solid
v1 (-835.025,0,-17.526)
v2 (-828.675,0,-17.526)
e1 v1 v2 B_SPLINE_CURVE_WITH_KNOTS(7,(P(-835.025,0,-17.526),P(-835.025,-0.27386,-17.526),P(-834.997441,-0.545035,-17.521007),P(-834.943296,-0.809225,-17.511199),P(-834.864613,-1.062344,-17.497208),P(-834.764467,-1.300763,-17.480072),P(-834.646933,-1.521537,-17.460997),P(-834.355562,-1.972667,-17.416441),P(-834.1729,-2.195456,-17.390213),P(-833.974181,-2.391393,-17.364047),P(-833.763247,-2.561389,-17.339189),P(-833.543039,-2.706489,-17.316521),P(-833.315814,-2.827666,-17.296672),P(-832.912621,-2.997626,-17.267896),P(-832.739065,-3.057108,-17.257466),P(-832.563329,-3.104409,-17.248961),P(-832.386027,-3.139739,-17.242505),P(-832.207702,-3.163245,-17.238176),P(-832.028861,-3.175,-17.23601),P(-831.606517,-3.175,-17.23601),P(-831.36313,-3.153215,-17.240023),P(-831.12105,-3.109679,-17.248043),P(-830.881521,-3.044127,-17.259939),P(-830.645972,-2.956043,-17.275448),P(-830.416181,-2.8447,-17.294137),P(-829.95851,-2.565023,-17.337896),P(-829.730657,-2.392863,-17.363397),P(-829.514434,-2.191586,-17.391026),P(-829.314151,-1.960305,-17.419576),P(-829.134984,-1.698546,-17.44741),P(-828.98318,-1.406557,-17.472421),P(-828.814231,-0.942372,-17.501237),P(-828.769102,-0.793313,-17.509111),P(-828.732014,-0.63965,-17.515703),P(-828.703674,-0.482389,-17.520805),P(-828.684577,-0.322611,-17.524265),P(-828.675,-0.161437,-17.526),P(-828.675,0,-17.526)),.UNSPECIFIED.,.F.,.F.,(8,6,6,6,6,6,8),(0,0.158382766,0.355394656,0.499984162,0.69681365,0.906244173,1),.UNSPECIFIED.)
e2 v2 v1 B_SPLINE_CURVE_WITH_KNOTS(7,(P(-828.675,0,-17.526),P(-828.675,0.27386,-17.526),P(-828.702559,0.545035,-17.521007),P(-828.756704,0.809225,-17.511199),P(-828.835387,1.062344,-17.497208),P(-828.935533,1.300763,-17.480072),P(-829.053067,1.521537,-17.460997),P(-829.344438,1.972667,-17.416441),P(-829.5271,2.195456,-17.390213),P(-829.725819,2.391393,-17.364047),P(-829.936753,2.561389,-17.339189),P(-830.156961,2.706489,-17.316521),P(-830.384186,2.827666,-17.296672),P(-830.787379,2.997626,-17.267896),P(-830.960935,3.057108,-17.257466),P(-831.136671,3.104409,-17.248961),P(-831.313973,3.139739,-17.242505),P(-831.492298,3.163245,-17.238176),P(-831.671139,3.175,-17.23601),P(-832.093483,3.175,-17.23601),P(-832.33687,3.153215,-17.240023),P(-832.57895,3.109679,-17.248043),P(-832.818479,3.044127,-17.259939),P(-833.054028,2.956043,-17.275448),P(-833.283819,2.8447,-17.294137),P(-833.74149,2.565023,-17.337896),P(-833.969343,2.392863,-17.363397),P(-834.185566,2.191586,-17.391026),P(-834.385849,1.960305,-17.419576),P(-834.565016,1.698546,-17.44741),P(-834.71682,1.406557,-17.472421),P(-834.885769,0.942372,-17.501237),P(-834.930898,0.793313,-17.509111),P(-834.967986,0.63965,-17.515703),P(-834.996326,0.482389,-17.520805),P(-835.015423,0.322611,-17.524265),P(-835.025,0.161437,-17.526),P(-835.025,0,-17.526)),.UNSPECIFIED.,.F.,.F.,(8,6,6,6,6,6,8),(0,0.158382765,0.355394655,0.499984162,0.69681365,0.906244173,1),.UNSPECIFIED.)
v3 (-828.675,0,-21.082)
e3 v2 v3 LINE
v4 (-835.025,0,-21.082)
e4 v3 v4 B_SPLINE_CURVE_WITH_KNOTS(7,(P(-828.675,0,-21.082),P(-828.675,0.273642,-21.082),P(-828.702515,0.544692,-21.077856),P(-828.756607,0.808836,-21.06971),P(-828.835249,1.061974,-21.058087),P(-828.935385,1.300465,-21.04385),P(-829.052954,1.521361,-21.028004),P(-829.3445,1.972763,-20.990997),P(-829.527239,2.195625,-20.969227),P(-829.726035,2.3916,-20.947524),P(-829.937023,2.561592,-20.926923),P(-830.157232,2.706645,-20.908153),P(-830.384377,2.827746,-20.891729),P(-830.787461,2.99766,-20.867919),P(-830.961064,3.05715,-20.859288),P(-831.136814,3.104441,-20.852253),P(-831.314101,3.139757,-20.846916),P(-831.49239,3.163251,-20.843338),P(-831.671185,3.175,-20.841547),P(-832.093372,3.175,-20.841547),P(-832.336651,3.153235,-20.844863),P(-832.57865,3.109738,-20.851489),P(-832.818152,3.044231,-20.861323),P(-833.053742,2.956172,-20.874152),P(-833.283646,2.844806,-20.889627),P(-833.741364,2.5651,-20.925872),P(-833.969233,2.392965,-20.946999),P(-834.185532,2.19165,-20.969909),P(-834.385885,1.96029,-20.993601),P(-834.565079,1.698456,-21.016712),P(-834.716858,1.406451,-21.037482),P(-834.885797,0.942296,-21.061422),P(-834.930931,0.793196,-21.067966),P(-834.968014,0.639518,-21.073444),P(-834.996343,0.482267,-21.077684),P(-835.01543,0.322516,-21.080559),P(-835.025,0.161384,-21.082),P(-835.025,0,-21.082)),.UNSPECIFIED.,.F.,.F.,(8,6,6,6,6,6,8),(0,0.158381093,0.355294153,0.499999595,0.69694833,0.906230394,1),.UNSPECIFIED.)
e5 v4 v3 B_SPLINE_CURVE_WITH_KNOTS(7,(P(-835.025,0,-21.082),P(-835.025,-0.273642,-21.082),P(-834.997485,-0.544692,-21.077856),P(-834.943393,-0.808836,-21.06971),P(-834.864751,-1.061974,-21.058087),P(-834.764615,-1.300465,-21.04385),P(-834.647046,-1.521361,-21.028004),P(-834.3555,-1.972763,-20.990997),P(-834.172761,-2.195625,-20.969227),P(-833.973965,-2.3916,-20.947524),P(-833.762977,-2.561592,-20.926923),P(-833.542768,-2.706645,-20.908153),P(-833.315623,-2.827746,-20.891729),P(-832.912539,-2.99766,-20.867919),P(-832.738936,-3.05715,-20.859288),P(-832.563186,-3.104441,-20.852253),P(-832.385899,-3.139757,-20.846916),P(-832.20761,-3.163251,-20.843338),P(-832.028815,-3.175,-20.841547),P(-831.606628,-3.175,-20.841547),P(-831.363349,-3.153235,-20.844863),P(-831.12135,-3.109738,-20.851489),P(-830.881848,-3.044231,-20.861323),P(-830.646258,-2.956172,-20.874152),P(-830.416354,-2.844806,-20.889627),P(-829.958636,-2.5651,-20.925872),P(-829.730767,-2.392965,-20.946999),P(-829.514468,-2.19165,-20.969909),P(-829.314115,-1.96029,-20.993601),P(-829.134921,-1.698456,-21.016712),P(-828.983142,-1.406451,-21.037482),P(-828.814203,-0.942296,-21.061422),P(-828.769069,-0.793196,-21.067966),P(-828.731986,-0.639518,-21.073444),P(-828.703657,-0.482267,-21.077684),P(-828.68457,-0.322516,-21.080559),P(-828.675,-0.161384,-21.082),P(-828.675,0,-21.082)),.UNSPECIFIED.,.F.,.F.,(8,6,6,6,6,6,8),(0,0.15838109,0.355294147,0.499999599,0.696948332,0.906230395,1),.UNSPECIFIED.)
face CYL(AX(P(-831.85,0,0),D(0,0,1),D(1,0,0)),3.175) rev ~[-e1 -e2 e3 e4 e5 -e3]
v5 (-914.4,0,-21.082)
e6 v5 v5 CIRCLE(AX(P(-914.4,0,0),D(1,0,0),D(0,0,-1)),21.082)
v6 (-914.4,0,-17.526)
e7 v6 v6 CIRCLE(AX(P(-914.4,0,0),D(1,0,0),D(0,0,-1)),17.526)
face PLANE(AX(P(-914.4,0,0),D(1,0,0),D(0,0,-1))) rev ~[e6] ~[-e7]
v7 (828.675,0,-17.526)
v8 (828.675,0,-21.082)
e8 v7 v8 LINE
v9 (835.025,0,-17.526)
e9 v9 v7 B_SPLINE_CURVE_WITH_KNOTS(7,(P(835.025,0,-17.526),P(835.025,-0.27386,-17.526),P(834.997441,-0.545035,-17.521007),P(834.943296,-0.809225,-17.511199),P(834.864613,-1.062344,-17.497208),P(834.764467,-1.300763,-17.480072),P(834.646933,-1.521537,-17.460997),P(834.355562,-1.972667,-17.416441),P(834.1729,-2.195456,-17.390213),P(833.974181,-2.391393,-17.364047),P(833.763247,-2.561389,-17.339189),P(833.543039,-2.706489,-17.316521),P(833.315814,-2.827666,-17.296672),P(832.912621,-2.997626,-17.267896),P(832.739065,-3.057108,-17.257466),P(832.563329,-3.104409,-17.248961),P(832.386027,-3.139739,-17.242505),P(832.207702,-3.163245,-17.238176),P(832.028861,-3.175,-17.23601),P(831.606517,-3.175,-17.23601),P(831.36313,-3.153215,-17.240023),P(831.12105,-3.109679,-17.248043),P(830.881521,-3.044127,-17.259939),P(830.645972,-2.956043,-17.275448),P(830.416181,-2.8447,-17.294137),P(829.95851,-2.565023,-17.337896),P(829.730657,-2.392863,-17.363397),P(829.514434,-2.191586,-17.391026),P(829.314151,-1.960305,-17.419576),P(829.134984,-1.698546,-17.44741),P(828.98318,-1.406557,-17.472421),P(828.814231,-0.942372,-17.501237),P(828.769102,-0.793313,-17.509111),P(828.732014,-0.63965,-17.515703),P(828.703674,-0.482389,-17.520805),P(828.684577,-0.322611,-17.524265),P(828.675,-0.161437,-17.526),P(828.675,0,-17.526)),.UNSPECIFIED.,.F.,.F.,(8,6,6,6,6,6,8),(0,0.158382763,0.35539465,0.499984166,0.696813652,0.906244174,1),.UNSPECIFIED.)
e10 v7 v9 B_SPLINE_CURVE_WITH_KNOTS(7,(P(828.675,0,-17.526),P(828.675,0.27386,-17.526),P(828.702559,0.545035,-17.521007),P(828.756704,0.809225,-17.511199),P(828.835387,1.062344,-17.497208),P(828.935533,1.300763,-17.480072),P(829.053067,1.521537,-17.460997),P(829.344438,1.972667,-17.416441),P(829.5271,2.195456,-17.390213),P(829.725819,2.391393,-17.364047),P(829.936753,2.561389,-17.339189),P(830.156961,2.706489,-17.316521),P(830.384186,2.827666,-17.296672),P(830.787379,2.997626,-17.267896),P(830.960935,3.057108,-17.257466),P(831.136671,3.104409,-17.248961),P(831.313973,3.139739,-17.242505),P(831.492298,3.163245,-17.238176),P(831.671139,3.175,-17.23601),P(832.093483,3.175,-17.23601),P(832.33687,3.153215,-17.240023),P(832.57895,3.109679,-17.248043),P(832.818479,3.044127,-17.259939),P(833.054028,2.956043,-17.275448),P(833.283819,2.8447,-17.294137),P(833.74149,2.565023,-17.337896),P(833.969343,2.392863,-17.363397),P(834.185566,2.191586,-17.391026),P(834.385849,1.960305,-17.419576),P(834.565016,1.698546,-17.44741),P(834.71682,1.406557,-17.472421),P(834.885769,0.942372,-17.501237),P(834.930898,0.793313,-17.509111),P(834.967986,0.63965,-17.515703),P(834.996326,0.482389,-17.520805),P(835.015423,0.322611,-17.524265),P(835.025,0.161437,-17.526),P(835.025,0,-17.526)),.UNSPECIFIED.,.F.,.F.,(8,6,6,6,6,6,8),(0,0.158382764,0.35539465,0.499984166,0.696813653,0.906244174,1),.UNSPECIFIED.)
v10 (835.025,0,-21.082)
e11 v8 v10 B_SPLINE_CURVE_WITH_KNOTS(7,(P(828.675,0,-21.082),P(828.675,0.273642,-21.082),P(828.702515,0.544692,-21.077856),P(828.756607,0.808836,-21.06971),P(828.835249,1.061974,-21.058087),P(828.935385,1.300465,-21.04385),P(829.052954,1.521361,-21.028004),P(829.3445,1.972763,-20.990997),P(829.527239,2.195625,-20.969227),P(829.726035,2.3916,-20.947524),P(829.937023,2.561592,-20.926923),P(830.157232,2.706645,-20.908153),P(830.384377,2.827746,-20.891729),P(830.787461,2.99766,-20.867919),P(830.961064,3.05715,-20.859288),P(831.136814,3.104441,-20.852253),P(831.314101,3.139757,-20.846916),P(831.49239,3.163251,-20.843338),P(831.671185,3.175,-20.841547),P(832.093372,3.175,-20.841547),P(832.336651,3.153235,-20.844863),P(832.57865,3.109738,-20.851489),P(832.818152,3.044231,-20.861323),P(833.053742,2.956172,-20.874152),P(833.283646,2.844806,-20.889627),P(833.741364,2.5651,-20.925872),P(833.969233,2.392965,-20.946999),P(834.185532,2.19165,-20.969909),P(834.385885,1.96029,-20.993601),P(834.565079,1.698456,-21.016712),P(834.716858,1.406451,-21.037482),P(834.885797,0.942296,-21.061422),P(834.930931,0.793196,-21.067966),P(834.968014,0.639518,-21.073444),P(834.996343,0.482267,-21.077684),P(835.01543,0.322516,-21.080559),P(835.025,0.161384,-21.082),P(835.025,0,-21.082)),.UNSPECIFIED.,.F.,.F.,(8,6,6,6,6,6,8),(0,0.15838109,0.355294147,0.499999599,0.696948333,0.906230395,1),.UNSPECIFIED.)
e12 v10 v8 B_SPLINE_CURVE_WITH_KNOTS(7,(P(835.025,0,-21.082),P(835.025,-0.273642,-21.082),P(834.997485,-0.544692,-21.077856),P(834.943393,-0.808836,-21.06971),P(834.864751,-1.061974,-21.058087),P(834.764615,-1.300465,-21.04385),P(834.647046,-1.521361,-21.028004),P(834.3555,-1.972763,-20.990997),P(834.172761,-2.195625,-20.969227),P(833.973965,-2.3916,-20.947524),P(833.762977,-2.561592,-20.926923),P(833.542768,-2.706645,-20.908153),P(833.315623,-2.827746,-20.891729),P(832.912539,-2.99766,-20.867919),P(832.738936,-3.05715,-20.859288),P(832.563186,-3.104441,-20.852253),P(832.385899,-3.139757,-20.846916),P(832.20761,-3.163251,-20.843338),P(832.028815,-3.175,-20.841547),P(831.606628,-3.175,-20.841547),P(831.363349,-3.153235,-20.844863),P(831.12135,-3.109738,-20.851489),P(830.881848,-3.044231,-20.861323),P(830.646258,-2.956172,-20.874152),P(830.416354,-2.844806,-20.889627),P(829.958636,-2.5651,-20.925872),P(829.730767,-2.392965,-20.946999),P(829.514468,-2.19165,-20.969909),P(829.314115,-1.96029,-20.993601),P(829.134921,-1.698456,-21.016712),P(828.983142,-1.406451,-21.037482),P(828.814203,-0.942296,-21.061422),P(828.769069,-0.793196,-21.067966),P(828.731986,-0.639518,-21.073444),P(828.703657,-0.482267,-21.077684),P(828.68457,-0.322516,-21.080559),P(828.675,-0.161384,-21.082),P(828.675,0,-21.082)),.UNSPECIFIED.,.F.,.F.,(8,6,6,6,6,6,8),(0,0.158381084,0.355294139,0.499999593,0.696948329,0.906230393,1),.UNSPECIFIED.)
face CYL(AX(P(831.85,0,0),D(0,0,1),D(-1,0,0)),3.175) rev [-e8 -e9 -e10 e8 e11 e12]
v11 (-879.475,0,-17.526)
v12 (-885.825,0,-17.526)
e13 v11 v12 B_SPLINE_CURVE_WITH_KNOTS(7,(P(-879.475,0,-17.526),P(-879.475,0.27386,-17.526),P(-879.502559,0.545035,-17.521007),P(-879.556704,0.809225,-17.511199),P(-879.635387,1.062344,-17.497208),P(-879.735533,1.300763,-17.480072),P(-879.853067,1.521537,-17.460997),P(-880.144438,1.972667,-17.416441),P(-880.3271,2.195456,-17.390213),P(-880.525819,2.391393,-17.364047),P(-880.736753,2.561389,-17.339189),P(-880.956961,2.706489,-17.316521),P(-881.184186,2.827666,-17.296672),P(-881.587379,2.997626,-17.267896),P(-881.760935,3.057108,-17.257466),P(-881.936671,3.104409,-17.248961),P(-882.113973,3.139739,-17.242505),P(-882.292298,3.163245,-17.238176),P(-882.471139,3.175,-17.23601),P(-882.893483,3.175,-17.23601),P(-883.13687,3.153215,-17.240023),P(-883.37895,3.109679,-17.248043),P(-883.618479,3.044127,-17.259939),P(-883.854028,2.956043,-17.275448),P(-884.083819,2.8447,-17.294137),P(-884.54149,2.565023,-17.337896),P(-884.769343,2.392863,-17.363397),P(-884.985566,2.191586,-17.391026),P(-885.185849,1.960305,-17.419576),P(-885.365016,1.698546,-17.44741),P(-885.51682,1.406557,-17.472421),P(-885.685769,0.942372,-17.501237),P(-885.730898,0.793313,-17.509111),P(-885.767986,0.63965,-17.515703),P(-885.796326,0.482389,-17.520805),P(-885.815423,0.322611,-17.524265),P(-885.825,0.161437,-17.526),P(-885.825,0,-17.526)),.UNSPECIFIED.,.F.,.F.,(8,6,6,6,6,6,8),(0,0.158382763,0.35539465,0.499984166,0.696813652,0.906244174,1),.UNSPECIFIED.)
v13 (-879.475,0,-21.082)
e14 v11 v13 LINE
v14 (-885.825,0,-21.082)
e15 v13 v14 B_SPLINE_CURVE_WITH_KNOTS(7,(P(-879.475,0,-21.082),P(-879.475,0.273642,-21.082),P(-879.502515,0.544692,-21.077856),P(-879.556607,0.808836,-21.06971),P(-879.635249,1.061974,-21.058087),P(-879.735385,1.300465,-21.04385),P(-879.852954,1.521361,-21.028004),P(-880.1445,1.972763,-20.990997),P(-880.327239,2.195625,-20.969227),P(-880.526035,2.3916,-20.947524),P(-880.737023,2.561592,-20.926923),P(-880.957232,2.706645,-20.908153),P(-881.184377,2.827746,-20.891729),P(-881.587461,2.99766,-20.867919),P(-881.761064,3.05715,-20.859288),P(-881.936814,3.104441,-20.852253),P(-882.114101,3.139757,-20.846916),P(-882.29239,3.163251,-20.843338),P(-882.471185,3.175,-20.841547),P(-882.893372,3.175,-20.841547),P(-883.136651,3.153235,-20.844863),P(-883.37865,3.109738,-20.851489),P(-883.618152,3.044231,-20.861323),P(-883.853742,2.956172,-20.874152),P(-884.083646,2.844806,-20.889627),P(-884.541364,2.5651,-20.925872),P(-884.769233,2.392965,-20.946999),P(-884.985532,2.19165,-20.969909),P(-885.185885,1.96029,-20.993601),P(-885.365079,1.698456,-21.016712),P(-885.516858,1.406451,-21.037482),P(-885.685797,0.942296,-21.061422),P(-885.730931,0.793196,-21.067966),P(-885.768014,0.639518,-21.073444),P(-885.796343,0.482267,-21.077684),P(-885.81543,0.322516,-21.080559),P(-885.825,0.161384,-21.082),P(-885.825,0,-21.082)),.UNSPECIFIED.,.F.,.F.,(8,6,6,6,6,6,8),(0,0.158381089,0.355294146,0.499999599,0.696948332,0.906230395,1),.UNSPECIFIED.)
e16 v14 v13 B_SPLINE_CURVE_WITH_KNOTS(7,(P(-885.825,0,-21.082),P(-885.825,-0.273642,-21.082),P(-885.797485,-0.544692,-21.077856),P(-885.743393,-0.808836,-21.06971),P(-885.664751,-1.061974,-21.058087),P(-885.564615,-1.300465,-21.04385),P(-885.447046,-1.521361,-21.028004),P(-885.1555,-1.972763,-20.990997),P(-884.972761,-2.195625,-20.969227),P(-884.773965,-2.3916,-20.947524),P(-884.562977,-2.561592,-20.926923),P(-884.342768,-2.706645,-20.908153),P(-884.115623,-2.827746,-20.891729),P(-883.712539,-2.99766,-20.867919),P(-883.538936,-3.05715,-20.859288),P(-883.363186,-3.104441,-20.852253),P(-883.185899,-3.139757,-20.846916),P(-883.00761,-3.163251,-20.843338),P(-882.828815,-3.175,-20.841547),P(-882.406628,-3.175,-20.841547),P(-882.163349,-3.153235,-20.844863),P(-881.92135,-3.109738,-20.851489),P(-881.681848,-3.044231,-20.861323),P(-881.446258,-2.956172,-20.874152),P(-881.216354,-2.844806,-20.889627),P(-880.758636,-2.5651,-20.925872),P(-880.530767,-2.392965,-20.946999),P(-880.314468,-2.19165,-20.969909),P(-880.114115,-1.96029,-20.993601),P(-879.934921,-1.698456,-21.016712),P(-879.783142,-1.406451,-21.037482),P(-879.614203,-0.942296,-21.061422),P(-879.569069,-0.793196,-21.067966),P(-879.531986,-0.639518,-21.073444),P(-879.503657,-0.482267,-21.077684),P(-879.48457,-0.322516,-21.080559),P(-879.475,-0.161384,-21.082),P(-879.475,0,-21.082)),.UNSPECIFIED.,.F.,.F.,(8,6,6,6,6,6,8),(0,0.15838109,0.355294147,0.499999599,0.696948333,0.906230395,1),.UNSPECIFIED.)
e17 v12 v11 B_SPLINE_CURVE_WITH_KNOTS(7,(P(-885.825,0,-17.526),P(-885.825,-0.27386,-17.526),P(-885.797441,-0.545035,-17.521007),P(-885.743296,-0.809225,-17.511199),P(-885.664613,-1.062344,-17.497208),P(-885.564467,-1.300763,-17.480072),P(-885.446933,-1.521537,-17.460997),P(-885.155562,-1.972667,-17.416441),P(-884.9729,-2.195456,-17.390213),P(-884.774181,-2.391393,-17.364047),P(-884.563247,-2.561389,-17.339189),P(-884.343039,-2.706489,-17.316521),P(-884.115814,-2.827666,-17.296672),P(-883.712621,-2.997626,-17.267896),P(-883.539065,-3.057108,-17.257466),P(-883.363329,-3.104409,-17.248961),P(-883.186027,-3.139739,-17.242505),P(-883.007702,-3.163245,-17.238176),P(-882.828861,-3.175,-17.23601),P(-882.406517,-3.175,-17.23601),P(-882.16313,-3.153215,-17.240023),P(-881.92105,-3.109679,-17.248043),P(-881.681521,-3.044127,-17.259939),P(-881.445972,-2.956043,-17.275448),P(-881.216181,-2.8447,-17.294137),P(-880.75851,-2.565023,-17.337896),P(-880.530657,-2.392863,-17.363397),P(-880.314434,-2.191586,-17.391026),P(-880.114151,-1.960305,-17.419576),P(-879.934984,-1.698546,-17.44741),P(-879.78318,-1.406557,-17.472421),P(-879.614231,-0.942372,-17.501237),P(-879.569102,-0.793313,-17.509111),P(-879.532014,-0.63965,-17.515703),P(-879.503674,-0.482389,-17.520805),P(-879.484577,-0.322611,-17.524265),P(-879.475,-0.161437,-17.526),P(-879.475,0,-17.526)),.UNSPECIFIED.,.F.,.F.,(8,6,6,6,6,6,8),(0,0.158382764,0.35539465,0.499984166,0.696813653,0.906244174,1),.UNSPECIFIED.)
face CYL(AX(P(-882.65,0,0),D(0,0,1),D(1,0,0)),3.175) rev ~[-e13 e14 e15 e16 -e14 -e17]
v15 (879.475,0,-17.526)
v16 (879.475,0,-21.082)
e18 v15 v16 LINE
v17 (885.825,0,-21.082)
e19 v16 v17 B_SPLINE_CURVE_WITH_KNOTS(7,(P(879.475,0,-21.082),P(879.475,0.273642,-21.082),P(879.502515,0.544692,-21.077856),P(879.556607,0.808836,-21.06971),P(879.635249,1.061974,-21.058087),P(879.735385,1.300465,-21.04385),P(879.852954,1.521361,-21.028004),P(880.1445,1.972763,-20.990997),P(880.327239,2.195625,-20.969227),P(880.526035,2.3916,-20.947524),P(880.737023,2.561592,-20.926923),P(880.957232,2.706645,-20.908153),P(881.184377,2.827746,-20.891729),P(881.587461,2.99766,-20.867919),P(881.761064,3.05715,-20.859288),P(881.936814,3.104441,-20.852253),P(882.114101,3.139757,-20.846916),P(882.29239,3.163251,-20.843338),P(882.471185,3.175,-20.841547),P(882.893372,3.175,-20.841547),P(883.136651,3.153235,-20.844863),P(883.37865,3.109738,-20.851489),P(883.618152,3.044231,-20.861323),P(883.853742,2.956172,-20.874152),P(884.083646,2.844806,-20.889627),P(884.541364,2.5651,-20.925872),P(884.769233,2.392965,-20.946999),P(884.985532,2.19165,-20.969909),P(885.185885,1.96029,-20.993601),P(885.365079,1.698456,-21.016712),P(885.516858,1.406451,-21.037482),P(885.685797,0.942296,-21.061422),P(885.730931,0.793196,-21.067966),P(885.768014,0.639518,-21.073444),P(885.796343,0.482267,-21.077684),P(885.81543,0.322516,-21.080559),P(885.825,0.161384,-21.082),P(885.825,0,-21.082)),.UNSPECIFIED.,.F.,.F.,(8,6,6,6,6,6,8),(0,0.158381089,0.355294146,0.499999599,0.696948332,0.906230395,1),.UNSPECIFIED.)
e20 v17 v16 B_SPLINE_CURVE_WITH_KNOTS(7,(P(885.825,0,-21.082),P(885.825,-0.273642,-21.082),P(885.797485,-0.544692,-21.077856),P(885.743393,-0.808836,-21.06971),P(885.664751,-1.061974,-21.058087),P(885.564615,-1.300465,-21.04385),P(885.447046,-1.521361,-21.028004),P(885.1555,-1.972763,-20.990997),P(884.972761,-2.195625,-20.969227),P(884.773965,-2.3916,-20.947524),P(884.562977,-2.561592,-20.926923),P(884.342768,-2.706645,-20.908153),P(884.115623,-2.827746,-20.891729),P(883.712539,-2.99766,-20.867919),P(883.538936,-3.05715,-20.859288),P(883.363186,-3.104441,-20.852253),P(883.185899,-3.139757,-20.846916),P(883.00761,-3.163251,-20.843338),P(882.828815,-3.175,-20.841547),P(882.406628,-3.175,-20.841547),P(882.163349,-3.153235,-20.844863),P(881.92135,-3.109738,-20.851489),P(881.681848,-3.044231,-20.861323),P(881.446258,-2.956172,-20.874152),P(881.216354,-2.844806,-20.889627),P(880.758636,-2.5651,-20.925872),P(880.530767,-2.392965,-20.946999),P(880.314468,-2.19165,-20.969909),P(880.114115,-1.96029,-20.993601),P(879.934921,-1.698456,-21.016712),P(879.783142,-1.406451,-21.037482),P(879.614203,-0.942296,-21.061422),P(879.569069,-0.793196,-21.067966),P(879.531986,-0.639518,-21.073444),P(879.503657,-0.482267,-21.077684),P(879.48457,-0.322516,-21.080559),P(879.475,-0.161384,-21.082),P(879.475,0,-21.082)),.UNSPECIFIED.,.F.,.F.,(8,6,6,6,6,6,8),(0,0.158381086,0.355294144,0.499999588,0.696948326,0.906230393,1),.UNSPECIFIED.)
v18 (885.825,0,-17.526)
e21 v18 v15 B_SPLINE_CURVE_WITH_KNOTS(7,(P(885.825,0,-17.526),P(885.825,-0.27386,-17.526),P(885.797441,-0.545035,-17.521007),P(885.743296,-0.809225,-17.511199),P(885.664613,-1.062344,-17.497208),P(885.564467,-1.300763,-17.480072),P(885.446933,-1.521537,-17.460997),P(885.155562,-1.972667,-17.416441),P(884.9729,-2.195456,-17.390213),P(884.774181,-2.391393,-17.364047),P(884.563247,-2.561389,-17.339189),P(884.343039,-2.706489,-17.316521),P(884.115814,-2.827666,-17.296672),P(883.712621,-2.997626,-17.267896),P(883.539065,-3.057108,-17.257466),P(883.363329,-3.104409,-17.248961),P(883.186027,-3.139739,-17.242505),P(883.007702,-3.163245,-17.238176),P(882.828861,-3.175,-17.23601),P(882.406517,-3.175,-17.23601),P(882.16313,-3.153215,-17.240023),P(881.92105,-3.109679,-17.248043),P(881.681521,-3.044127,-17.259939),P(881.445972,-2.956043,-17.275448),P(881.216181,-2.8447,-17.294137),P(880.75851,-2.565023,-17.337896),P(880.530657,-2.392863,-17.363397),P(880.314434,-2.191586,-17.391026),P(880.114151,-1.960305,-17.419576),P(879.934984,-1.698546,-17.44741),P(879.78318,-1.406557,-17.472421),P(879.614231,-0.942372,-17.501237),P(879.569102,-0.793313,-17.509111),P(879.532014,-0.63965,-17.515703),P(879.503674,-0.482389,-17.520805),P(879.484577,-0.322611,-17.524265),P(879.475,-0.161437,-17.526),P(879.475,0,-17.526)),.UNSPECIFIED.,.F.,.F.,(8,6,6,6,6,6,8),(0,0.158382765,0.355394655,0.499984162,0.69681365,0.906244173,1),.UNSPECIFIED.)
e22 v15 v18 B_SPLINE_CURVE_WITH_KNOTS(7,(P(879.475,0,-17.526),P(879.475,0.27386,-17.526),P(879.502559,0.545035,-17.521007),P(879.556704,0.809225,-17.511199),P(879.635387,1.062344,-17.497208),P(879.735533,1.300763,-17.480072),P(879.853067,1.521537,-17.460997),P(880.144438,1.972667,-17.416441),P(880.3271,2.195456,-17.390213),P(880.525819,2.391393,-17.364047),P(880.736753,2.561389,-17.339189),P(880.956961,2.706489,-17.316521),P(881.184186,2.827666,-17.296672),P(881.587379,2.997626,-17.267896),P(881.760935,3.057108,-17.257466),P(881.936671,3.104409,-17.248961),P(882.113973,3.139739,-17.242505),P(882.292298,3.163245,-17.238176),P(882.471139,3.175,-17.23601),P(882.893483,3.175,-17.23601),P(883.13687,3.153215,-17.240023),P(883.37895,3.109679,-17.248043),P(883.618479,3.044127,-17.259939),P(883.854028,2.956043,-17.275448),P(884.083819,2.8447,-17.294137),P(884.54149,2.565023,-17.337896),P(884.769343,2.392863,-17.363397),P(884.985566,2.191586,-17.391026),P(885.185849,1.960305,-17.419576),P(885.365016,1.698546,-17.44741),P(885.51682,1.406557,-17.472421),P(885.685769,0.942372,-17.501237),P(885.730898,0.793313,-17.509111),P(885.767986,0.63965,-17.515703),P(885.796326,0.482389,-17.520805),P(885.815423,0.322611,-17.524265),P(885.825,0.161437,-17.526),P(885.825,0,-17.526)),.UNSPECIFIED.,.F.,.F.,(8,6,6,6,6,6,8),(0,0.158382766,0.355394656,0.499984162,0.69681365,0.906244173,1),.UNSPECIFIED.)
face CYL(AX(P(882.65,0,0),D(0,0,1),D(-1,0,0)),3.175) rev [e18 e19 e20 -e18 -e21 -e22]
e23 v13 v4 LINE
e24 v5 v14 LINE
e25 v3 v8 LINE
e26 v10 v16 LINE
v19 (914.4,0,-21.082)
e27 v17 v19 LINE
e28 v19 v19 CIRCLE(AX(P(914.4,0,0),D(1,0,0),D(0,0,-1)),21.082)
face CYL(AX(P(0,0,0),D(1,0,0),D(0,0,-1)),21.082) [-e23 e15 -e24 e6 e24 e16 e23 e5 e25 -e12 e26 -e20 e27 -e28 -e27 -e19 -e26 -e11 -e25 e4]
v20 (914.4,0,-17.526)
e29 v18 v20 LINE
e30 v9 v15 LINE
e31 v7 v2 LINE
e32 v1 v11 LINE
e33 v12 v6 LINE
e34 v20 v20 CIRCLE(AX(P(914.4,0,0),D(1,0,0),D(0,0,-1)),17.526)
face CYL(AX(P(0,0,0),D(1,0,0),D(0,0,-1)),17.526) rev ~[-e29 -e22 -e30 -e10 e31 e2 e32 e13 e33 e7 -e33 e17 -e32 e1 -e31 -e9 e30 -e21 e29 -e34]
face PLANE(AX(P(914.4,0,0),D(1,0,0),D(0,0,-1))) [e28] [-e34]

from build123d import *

# Parameters (mm, degrees)
SKETCH1_R                = 21.082
SKETCH1_R_2              = 17.526
BOSS_EXTRUDE1_DEPTH      = 914.4
BOSS_EXTRUDE1_DEPTH_BACK = 914.4
SKETCH2_R                = 3.175
CUT_EXTRUDE1_DEPTH       = 22.082


with BuildPart() as part:
    # Sketch1 → Boss-Extrude1 (new body, two sides)
    with BuildSketch(Plane(origin=(0, 0, 0), x_dir=(0, 0, -1), z_dir=(1, 0, 0))) as boss_extrude1_sk:
        Circle(SKETCH1_R)
        Circle(SKETCH1_R_2, mode=Mode.SUBTRACT)
    extrude(amount=BOSS_EXTRUDE1_DEPTH)
    extrude(boss_extrude1_sk.sketch, amount=-BOSS_EXTRUDE1_DEPTH_BACK)

    # Sketch2 → Cut-Extrude1 (cut, through all)
    with BuildSketch(Plane.XY):
        with Locations((-831.85, 0)):
            Circle(SKETCH2_R)
        with Locations((-882.65, 0)):
            Circle(SKETCH2_R)
    cut_extrude1 = extrude(amount=-CUT_EXTRUDE1_DEPTH, mode=Mode.SUBTRACT)

    # Mirror1: Cut-Extrude1 across plane
    add(cut_extrude1.mirror(Plane(origin=(0, 0, 0), x_dir=(0, 0, 1), z_dir=(1, 0, 0))), mode=Mode.SUBTRACT)


solid = part.part
